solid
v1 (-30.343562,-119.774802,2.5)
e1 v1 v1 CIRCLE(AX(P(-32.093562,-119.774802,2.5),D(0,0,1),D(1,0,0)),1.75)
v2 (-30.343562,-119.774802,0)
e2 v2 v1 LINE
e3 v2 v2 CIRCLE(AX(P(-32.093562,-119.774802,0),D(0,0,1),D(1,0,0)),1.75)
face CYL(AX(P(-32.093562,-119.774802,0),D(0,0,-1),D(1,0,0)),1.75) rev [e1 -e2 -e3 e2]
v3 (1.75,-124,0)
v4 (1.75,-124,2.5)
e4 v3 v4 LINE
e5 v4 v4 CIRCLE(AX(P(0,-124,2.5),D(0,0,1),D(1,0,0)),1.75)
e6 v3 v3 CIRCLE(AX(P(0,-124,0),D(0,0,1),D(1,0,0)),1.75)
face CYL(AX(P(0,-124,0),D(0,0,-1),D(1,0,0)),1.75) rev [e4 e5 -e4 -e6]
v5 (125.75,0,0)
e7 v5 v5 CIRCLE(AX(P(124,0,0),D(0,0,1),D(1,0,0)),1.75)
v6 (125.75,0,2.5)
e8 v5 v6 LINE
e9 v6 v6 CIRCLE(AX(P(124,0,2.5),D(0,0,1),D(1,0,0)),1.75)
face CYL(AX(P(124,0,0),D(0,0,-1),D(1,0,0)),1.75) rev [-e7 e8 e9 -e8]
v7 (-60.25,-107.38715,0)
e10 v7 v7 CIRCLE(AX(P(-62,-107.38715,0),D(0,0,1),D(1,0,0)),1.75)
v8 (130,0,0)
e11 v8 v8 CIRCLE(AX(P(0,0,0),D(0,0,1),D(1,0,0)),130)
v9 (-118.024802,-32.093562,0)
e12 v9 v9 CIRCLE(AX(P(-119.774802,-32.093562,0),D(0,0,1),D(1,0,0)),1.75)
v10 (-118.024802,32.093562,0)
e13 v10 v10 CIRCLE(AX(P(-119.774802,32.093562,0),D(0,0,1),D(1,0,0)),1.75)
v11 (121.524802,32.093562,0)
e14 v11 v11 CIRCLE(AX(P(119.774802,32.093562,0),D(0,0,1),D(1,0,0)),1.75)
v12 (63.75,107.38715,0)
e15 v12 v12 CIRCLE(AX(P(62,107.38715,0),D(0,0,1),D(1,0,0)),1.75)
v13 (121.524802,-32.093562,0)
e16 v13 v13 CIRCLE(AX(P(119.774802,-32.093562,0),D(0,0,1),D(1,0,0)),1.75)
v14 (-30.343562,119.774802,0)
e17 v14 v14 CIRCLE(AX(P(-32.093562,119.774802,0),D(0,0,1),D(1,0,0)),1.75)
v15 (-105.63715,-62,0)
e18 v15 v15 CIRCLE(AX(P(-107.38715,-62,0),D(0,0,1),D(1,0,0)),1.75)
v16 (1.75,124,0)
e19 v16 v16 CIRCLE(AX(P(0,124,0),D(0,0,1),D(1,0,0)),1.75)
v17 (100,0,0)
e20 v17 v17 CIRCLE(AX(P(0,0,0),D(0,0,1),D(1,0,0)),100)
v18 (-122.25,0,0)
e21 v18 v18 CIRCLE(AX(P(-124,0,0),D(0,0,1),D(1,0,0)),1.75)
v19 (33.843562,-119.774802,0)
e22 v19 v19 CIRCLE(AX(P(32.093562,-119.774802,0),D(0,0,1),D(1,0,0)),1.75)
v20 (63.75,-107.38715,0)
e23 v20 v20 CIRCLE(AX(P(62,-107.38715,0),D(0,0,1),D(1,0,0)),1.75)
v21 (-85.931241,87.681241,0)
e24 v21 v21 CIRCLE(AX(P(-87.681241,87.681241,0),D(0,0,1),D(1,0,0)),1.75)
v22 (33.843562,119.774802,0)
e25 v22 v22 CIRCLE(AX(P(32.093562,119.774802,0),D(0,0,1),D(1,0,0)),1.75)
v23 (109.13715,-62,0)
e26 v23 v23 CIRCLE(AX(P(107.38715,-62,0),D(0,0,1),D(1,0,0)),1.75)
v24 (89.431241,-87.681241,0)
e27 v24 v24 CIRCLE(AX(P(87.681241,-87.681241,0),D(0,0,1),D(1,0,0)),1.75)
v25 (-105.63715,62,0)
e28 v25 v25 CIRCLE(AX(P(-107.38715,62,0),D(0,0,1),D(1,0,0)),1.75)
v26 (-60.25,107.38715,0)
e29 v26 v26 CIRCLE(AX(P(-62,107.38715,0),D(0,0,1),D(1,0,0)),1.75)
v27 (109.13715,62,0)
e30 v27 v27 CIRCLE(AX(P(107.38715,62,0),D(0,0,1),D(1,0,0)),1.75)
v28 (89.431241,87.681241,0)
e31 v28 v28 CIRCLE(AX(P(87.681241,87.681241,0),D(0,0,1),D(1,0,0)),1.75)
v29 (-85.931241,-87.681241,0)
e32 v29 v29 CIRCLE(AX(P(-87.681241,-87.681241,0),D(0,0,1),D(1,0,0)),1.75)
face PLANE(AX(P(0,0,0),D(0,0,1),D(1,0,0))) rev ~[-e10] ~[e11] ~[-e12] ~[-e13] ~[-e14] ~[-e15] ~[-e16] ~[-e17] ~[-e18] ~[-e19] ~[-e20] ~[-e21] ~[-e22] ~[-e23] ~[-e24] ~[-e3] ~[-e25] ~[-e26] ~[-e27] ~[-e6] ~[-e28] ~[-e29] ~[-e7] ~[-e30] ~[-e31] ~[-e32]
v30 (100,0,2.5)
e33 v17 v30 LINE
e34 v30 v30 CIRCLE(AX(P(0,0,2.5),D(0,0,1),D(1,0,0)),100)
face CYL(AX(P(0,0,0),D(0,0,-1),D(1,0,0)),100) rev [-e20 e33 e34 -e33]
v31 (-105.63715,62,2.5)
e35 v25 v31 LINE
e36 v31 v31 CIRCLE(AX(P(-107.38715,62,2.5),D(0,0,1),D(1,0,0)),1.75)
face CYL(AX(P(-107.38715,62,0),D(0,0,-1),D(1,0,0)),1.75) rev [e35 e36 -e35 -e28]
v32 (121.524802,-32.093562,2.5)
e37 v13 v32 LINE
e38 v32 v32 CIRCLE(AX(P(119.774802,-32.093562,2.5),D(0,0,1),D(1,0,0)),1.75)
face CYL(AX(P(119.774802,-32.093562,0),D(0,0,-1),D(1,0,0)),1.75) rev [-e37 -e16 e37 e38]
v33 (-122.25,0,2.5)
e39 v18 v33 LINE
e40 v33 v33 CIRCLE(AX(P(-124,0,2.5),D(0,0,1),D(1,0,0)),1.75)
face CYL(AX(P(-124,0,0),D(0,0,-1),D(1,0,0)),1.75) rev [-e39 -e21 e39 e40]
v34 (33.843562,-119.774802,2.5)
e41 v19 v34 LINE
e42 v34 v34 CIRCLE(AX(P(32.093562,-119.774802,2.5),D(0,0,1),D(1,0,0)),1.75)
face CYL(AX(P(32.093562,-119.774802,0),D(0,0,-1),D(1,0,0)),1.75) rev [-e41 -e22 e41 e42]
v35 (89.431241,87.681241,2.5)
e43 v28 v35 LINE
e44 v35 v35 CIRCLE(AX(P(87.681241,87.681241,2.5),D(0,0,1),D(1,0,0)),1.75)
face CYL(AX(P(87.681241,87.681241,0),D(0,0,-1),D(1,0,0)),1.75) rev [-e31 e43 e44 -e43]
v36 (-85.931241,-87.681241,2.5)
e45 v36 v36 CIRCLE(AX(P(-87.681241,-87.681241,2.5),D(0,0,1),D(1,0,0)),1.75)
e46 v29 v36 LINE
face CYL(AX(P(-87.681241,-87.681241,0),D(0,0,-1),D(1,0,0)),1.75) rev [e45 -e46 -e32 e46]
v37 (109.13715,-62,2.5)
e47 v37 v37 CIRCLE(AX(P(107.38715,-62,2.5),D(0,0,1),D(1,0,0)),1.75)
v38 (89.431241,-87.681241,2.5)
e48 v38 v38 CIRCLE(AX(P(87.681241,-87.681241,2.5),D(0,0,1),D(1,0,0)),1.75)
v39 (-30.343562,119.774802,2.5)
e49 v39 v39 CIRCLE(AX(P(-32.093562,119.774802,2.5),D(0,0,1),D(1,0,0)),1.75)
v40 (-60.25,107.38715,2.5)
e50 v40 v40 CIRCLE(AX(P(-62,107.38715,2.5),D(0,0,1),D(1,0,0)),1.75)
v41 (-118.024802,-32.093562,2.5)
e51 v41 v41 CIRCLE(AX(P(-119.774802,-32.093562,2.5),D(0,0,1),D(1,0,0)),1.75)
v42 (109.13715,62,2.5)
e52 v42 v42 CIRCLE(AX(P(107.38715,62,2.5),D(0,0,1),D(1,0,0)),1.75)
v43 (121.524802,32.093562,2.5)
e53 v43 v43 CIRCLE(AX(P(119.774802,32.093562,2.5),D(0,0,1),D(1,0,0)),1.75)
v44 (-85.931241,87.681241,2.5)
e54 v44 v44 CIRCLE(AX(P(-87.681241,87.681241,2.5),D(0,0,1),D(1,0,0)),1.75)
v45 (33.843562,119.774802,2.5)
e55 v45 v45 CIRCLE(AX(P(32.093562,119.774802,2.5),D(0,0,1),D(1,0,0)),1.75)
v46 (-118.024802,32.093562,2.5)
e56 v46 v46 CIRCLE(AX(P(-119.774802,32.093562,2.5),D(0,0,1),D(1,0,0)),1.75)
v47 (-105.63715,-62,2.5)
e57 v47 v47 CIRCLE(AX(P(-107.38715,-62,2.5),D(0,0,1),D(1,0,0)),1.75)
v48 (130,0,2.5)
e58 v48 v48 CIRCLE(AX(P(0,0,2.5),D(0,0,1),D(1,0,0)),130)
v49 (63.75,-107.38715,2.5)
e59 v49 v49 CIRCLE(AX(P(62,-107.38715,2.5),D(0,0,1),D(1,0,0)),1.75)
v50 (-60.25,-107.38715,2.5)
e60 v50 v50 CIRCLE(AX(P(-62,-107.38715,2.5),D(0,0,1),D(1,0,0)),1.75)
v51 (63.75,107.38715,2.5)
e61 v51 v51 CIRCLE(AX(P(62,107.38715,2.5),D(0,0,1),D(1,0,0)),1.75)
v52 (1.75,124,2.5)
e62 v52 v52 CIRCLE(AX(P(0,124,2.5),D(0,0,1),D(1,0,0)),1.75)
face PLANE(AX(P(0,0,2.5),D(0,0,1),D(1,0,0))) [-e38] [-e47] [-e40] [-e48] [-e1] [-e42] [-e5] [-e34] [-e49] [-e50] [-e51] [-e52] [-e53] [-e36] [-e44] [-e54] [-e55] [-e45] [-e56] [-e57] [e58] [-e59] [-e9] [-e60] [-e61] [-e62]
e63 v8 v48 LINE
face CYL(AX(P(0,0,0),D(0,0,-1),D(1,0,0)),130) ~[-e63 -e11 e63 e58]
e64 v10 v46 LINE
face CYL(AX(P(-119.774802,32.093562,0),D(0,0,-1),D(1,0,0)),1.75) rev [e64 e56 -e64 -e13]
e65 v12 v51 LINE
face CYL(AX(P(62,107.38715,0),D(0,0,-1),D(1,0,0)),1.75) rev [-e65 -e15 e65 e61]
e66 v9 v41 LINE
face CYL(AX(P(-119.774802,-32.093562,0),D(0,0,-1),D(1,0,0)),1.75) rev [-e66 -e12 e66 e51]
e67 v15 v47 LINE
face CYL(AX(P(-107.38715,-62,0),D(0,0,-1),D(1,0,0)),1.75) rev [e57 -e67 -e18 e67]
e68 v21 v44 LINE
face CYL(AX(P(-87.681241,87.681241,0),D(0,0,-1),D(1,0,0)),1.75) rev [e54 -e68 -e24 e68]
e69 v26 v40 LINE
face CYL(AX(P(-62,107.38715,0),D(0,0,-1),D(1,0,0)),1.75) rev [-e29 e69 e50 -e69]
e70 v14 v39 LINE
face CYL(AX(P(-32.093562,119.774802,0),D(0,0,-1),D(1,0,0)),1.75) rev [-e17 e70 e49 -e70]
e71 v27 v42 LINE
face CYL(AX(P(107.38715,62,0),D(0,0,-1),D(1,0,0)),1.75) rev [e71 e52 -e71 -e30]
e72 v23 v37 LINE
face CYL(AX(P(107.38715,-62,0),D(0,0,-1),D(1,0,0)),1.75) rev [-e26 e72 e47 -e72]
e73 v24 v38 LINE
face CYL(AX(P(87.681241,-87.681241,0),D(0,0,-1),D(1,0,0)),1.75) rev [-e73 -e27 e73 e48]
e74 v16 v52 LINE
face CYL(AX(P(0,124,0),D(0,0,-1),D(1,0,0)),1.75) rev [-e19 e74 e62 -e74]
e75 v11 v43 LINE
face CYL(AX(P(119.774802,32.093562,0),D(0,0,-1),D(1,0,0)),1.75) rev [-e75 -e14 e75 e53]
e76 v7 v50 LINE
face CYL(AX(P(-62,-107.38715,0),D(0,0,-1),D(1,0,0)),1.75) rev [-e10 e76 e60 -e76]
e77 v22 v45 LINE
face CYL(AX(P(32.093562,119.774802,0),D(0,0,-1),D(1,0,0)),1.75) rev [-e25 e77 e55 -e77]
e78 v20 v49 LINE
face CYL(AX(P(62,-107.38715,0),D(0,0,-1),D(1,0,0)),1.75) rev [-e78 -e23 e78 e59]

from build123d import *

# Parameters (mm, degrees)
F0_R     = 130
F0_R_2   = 1.75
F0_R_3   = 100
F1_DEPTH = 2.5


with BuildPart() as f1:
    # F0 (on Top) → F1 (new body)
    with BuildSketch(Plane.XY):
        Circle(F0_R)
        with Locations((-87.681241, -87.681241)):
            Circle(F0_R_2, mode=Mode.SUBTRACT)
        with Locations((-62, -107.38715)):
            Circle(F0_R_2, mode=Mode.SUBTRACT)
        with Locations((-32.093562, -119.774802)):
            Circle(F0_R_2, mode=Mode.SUBTRACT)
        with Locations((-107.38715, -62)):
            Circle(F0_R_2, mode=Mode.SUBTRACT)
        with Locations((-119.774802, -32.093562)):
            Circle(F0_R_2, mode=Mode.SUBTRACT)
        with Locations((0, -124)):
            Circle(F0_R_2, mode=Mode.SUBTRACT)
        with Locations((32.093562, -119.774802)):
            Circle(F0_R_2, mode=Mode.SUBTRACT)
        with Locations((62, -107.38715)):
            Circle(F0_R_2, mode=Mode.SUBTRACT)
        with Locations((87.681241, -87.681241)):
            Circle(F0_R_2, mode=Mode.SUBTRACT)
        with Locations((107.38715, -62)):
            Circle(F0_R_2, mode=Mode.SUBTRACT)
        with Locations((119.774802, -32.093562)):
            Circle(F0_R_2, mode=Mode.SUBTRACT)
        with Locations((-124, 0)):
            Circle(F0_R_2, mode=Mode.SUBTRACT)
        with Locations((-119.774802, 32.093562)):
            Circle(F0_R_2, mode=Mode.SUBTRACT)
        with Locations((-107.38715, 62)):
            Circle(F0_R_2, mode=Mode.SUBTRACT)
        with Locations((-87.681241, 87.681241)):
            Circle(F0_R_2, mode=Mode.SUBTRACT)
        with Locations((-62, 107.38715)):
            Circle(F0_R_2, mode=Mode.SUBTRACT)
        with Locations((-32.093562, 119.774802)):
            Circle(F0_R_2, mode=Mode.SUBTRACT)
        Circle(F0_R_3, mode=Mode.SUBTRACT)
        with Locations((124, 0)):
            Circle(F0_R_2, mode=Mode.SUBTRACT)
        with Locations((119.774802, 32.093562)):
            Circle(F0_R_2, mode=Mode.SUBTRACT)
        with Locations((107.38715, 62)):
            Circle(F0_R_2, mode=Mode.SUBTRACT)
        with Locations((0, 124)):
            Circle(F0_R_2, mode=Mode.SUBTRACT)
        with Locations((32.093562, 119.774802)):
            Circle(F0_R_2, mode=Mode.SUBTRACT)
        with Locations((62, 107.38715)):
            Circle(F0_R_2, mode=Mode.SUBTRACT)
        with Locations((87.681241, 87.681241)):
            Circle(F0_R_2, mode=Mode.SUBTRACT)
    extrude(amount=F1_DEPTH)


solid = f1.part
